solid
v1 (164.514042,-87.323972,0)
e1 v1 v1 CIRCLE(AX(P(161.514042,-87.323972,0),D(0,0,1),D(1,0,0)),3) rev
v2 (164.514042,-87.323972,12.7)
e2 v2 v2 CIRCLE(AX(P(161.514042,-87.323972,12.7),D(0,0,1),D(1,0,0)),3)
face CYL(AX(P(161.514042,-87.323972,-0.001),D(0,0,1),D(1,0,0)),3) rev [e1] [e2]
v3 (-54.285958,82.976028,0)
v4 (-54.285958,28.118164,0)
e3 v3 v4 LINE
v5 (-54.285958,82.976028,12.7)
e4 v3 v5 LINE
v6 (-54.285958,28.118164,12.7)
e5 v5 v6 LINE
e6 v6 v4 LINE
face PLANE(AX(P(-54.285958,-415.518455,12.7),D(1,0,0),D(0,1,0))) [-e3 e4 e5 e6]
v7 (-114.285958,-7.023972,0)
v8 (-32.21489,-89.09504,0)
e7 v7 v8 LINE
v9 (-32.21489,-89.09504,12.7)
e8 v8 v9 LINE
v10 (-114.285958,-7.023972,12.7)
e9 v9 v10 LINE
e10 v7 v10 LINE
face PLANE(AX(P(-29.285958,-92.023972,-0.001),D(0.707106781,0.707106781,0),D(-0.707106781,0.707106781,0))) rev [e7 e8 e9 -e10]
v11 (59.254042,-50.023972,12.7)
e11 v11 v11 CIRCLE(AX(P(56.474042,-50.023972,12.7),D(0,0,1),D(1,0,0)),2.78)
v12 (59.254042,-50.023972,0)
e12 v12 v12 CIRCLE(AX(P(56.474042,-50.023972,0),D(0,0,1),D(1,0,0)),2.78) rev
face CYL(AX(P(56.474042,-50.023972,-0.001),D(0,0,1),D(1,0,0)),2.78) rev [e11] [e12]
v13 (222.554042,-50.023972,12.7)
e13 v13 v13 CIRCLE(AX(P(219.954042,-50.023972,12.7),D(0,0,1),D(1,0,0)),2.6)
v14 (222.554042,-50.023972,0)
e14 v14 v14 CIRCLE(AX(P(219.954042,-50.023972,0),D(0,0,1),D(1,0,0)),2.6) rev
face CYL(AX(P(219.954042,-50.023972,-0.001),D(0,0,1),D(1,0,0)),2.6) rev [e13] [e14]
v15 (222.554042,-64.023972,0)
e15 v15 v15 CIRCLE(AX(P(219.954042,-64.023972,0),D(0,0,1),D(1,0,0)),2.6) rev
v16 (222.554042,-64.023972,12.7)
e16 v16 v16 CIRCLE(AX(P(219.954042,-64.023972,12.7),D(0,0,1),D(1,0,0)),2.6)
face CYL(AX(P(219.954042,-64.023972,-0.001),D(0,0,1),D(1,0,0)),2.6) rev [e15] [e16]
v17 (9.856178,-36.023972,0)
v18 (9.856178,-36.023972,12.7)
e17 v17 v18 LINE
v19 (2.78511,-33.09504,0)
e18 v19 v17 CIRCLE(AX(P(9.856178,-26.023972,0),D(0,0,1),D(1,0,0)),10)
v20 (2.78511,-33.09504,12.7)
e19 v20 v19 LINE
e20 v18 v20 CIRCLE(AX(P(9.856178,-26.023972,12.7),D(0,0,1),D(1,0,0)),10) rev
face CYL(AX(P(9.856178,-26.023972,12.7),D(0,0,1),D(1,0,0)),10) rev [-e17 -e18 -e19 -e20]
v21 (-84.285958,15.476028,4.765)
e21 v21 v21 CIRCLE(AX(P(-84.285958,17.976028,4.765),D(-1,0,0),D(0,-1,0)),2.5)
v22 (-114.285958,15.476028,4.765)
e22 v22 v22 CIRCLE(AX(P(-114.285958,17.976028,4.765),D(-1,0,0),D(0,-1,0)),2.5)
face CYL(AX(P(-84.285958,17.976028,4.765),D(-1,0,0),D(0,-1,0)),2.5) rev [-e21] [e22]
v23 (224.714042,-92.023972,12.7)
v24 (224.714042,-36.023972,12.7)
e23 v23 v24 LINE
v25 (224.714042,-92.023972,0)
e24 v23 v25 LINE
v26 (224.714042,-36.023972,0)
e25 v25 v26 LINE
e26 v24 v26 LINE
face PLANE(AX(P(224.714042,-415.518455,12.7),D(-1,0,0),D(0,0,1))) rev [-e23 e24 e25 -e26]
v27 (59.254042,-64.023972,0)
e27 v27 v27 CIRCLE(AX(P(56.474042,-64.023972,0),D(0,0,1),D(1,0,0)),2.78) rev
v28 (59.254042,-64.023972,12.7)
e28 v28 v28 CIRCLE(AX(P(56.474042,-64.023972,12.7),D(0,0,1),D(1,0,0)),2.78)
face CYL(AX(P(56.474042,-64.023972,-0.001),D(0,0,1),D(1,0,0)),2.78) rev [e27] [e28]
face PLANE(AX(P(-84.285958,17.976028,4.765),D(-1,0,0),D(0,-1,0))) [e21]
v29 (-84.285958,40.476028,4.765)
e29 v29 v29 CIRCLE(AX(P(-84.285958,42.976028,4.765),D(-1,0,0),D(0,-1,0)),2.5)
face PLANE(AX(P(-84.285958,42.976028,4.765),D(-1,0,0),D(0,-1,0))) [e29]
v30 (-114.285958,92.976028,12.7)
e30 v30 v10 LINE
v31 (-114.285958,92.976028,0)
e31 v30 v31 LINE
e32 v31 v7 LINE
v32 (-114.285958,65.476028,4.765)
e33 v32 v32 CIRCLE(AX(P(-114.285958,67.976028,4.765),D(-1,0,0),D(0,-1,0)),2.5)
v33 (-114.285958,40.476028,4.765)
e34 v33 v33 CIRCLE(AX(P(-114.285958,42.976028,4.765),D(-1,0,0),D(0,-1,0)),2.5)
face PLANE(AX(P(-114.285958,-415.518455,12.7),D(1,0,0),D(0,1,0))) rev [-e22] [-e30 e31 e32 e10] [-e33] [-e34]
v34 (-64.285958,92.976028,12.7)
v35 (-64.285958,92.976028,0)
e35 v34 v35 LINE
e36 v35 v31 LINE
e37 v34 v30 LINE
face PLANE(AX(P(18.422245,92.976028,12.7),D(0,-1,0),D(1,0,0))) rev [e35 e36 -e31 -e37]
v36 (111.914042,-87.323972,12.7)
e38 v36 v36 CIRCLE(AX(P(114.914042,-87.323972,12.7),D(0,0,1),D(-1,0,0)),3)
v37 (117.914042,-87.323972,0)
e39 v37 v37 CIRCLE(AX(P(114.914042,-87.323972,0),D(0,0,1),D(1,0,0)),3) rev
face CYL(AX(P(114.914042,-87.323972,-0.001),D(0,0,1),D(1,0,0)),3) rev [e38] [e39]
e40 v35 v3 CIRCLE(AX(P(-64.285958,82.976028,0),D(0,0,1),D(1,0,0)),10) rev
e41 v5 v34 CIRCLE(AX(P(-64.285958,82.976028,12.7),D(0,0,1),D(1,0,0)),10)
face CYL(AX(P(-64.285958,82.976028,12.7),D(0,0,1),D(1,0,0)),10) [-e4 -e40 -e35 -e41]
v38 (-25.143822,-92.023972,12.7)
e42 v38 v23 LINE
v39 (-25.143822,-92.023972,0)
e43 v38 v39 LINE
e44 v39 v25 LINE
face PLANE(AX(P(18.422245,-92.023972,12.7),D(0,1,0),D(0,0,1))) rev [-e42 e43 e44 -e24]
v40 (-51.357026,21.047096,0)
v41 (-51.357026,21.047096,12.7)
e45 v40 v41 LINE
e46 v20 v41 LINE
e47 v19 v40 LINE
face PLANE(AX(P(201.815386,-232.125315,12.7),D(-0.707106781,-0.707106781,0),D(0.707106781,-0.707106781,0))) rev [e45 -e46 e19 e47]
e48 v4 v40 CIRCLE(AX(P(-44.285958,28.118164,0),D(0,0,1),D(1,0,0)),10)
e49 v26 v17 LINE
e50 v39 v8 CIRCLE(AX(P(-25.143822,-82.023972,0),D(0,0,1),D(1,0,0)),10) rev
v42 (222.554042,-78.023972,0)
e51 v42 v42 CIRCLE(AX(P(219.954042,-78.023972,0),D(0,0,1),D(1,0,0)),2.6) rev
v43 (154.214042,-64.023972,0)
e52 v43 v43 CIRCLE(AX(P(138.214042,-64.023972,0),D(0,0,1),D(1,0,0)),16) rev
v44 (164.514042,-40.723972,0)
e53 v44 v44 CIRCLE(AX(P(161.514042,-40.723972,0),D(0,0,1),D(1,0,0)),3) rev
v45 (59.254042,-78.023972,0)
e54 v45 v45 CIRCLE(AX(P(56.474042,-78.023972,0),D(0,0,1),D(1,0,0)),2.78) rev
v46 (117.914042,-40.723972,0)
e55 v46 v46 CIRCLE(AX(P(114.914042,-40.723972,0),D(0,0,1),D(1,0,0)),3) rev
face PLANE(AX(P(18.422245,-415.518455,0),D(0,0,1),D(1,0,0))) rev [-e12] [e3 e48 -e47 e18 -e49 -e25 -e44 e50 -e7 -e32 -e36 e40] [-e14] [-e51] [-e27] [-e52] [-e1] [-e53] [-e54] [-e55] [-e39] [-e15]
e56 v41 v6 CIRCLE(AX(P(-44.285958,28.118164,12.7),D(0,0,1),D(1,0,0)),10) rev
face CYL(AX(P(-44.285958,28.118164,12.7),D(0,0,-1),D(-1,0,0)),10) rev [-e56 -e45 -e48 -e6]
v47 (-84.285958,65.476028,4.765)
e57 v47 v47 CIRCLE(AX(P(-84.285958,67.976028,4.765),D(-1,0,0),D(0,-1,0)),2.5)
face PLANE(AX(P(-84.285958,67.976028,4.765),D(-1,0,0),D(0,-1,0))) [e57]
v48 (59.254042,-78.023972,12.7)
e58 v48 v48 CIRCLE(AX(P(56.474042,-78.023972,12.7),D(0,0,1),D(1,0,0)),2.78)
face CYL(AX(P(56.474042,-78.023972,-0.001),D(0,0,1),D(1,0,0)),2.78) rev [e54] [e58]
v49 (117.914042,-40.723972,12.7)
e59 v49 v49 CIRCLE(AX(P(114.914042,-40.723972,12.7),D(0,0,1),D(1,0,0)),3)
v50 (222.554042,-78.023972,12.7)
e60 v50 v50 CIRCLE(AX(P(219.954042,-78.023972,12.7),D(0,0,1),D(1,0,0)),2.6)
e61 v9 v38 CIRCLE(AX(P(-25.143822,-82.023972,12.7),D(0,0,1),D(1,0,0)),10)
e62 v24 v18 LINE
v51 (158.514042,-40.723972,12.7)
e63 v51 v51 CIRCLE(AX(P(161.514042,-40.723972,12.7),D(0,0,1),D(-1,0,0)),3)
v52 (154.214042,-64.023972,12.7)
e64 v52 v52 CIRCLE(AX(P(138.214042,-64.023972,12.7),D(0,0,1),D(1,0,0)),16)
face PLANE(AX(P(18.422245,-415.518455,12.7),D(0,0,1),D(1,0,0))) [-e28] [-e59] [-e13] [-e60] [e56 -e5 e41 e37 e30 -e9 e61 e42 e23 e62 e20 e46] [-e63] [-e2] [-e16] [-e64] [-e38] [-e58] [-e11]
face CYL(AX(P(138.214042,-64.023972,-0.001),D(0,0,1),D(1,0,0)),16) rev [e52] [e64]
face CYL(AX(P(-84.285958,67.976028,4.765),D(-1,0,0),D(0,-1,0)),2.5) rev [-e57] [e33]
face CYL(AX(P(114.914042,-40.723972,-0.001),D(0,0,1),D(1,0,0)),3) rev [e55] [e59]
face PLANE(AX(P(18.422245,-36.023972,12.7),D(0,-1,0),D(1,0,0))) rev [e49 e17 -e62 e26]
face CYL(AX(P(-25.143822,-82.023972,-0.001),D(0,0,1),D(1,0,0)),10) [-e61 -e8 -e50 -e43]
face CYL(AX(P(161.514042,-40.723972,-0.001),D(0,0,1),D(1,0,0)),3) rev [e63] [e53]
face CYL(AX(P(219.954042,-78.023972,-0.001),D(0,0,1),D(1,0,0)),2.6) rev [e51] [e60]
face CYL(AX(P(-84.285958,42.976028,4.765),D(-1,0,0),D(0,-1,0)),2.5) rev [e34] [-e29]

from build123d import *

# Parameters (mm, degrees)
RESSALTO_EXTRUS_O1_DEPTH   = 12.7
CIRCULO_DE_ROLAMENTO_REACH = 245.52
ESBO_O3_R                  = 16
CORTE_EXTRUS_O3_REACH      = 245.52
ESBO_O5_R                  = 3
ESBO_O6_R                  = 2.5
CORTE_EXTRUS_O4_DEPTH      = 30
CORTE_EXTRUS_O6_REACH      = 245.52
CORTE_EXTRUS_O7_REACH      = 245.52
ESBO_O10_R                 = 2.78
CORTE_EXTRUS_O8_REACH      = 245.52
ESBO_O12_R                 = 2.6
FILETE1_R                  = 10


with BuildPart() as part:
    # Esboço1 → Ressalto-extrusão1 (new body)
    with BuildSketch(Plane.XY):
        Polygon((-114.28595772, -92.023971813), (224.71404228, -92.023971813), (224.71404228, -36.023971813), (5.71404228, -36.023971813), (-54.28595772, 23.976028187), (-54.28595772, 92.976028187), (-114.28595772, 92.976028187), align=None)
    extrude(amount=RESSALTO_EXTRUS_O1_DEPTH)

    # Esboço3 → circulo de rolamento (cut, up to next)
    with BuildSketch(Plane.XY.offset(12.7), mode=Mode.PRIVATE) as circulo_de_rolamento_sk1:
        with Locations((138.21404228, -64.023971813)):
            Circle(ESBO_O3_R)
    circulo_de_rolamento_tool1 = extrude(circulo_de_rolamento_sk1.sketch, amount=-CIRCULO_DE_ROLAMENTO_REACH, mode=Mode.PRIVATE) & part.part
    add(circulo_de_rolamento_tool1.solids().sort_by_distance((138.214042, -64.023972, 12.7))[0], mode=Mode.SUBTRACT)

    # Esboço5 → Corte-extrusão3 (cut, up to next)
    with BuildSketch(Plane.XY.offset(12.7), mode=Mode.PRIVATE) as corte_extrus_o3_sk1:
        with Locations((114.91404228, -40.723971813)):
            Circle(ESBO_O5_R)
    corte_extrus_o3_tool1 = extrude(corte_extrus_o3_sk1.sketch, amount=-CORTE_EXTRUS_O3_REACH, mode=Mode.PRIVATE) & part.part
    # Esboço5 → Corte-extrusão3 (cut, up to next)
    with BuildSketch(Plane.XY.offset(12.7), mode=Mode.PRIVATE) as corte_extrus_o3_sk2:
        with Locations((161.51404228, -40.723971813)):
            Circle(ESBO_O5_R)
    corte_extrus_o3_tool2 = extrude(corte_extrus_o3_sk2.sketch, amount=-CORTE_EXTRUS_O3_REACH, mode=Mode.PRIVATE) & part.part
    # Esboço5 → Corte-extrusão3 (cut, up to next)
    with BuildSketch(Plane.XY.offset(12.7), mode=Mode.PRIVATE) as corte_extrus_o3_sk3:
        with Locations((161.51404228, -87.323971813)):
            Circle(ESBO_O5_R)
    corte_extrus_o3_tool3 = extrude(corte_extrus_o3_sk3.sketch, amount=-CORTE_EXTRUS_O3_REACH, mode=Mode.PRIVATE) & part.part
    # Esboço5 → Corte-extrusão3 (cut, up to next)
    with BuildSketch(Plane.XY.offset(12.7), mode=Mode.PRIVATE) as corte_extrus_o3_sk4:
        with Locations((114.91404228, -87.323971813)):
            Circle(ESBO_O5_R)
    corte_extrus_o3_tool4 = extrude(corte_extrus_o3_sk4.sketch, amount=-CORTE_EXTRUS_O3_REACH, mode=Mode.PRIVATE) & part.part
    add(corte_extrus_o3_tool1.solids().sort_by_distance((114.914042, -40.723972, 12.7))[0], mode=Mode.SUBTRACT)
    add(corte_extrus_o3_tool2.solids().sort_by_distance((161.514042, -40.723972, 12.7))[0], mode=Mode.SUBTRACT)
    add(corte_extrus_o3_tool3.solids().sort_by_distance((161.514042, -87.323972, 12.7))[0], mode=Mode.SUBTRACT)
    add(corte_extrus_o3_tool4.solids().sort_by_distance((114.914042, -87.323972, 12.7))[0], mode=Mode.SUBTRACT)

    # Esboço6 → Corte-extrusão4 (cut)
    with BuildSketch(Plane.ZY.offset(114.28595772)):
        with Locations(Location((4.765, 67.976028187, 0), (0, 0, 270))):
            Circle(ESBO_O6_R)
        with Locations(Location((4.765, 42.976028187, 0), (0, 0, 270))):
            Circle(ESBO_O6_R)
        with Locations(Location((4.765, 17.976028187, 0), (0, 0, 270))):
            Circle(ESBO_O6_R)
    extrude(amount=-CORTE_EXTRUS_O4_DEPTH, mode=Mode.SUBTRACT)

    # Esboço9 → Corte-extrusão6 (cut, up to next)
    with BuildSketch(Plane.XY.offset(12.7), mode=Mode.PRIVATE) as corte_extrus_o6_sk1:
        Polygon((-29.28595772, -92.023971813), (-114.28595772, -7.023971813), (-114.28595772, -92.023971813), align=None)
    corte_extrus_o6_tool1 = extrude(corte_extrus_o6_sk1.sketch, amount=-CORTE_EXTRUS_O6_REACH, mode=Mode.PRIVATE) & part.part
    add(corte_extrus_o6_tool1.solids().sort_by_distance((-85.952624, -63.690638, 12.7))[0], mode=Mode.SUBTRACT)

    # Esboço10 → Corte-extrusão7 (cut, up to next)
    with BuildSketch(Plane.XY.offset(12.7), mode=Mode.PRIVATE) as corte_extrus_o7_sk1:
        with Locations((56.47404228, -50.023971813)):
            Circle(ESBO_O10_R)
    corte_extrus_o7_tool1 = extrude(corte_extrus_o7_sk1.sketch, amount=-CORTE_EXTRUS_O7_REACH, mode=Mode.PRIVATE) & part.part
    # Esboço10 → Corte-extrusão7 (cut, up to next)
    with BuildSketch(Plane.XY.offset(12.7), mode=Mode.PRIVATE) as corte_extrus_o7_sk2:
        with Locations((56.47404228, -64.023971813)):
            Circle(ESBO_O10_R)
    corte_extrus_o7_tool2 = extrude(corte_extrus_o7_sk2.sketch, amount=-CORTE_EXTRUS_O7_REACH, mode=Mode.PRIVATE) & part.part
    # Esboço10 → Corte-extrusão7 (cut, up to next)
    with BuildSketch(Plane.XY.offset(12.7), mode=Mode.PRIVATE) as corte_extrus_o7_sk3:
        with Locations((56.47404228, -78.023971813)):
            Circle(ESBO_O10_R)
    corte_extrus_o7_tool3 = extrude(corte_extrus_o7_sk3.sketch, amount=-CORTE_EXTRUS_O7_REACH, mode=Mode.PRIVATE) & part.part
    add(corte_extrus_o7_tool1.solids().sort_by_distance((56.474042, -50.023972, 12.7))[0], mode=Mode.SUBTRACT)
    add(corte_extrus_o7_tool2.solids().sort_by_distance((56.474042, -64.023972, 12.7))[0], mode=Mode.SUBTRACT)
    add(corte_extrus_o7_tool3.solids().sort_by_distance((56.474042, -78.023972, 12.7))[0], mode=Mode.SUBTRACT)

    # Esboço12 → Corte-extrusão8 (cut, up to next)
    with BuildSketch(Plane.XY.offset(12.7), mode=Mode.PRIVATE) as corte_extrus_o8_sk1:
        with Locations((219.95404228, -50.023971813)):
            Circle(ESBO_O12_R)
    corte_extrus_o8_tool1 = extrude(corte_extrus_o8_sk1.sketch, amount=-CORTE_EXTRUS_O8_REACH, mode=Mode.PRIVATE) & part.part
    # Esboço12 → Corte-extrusão8 (cut, up to next)
    with BuildSketch(Plane.XY.offset(12.7), mode=Mode.PRIVATE) as corte_extrus_o8_sk2:
        with Locations((219.95404228, -64.023971813)):
            Circle(ESBO_O12_R)
    corte_extrus_o8_tool2 = extrude(corte_extrus_o8_sk2.sketch, amount=-CORTE_EXTRUS_O8_REACH, mode=Mode.PRIVATE) & part.part
    # Esboço12 → Corte-extrusão8 (cut, up to next)
    with BuildSketch(Plane.XY.offset(12.7), mode=Mode.PRIVATE) as corte_extrus_o8_sk3:
        with Locations((219.95404228, -78.023971813)):
            Circle(ESBO_O12_R)
    corte_extrus_o8_tool3 = extrude(corte_extrus_o8_sk3.sketch, amount=-CORTE_EXTRUS_O8_REACH, mode=Mode.PRIVATE) & part.part
    add(corte_extrus_o8_tool1.solids().sort_by_distance((219.954042, -50.023972, 12.7))[0], mode=Mode.SUBTRACT)
    add(corte_extrus_o8_tool2.solids().sort_by_distance((219.954042, -64.023972, 12.7))[0], mode=Mode.SUBTRACT)
    add(corte_extrus_o8_tool3.solids().sort_by_distance((219.954042, -78.023972, 12.7))[0], mode=Mode.SUBTRACT)

    # Filete1
    filete1_edges = [part.edges().sort_by_distance(p)[0] for p in [
        (-54.28595772, 92.976028187, 6.35),
        (-54.28595772, 23.976028187, 6.35),
        (5.71404228, -36.023971813, 6.35),
        (-29.28595772, -92.023971813, 6.35),
    ]]
    fillet(filete1_edges, radius=FILETE1_R)


solid = part.part
